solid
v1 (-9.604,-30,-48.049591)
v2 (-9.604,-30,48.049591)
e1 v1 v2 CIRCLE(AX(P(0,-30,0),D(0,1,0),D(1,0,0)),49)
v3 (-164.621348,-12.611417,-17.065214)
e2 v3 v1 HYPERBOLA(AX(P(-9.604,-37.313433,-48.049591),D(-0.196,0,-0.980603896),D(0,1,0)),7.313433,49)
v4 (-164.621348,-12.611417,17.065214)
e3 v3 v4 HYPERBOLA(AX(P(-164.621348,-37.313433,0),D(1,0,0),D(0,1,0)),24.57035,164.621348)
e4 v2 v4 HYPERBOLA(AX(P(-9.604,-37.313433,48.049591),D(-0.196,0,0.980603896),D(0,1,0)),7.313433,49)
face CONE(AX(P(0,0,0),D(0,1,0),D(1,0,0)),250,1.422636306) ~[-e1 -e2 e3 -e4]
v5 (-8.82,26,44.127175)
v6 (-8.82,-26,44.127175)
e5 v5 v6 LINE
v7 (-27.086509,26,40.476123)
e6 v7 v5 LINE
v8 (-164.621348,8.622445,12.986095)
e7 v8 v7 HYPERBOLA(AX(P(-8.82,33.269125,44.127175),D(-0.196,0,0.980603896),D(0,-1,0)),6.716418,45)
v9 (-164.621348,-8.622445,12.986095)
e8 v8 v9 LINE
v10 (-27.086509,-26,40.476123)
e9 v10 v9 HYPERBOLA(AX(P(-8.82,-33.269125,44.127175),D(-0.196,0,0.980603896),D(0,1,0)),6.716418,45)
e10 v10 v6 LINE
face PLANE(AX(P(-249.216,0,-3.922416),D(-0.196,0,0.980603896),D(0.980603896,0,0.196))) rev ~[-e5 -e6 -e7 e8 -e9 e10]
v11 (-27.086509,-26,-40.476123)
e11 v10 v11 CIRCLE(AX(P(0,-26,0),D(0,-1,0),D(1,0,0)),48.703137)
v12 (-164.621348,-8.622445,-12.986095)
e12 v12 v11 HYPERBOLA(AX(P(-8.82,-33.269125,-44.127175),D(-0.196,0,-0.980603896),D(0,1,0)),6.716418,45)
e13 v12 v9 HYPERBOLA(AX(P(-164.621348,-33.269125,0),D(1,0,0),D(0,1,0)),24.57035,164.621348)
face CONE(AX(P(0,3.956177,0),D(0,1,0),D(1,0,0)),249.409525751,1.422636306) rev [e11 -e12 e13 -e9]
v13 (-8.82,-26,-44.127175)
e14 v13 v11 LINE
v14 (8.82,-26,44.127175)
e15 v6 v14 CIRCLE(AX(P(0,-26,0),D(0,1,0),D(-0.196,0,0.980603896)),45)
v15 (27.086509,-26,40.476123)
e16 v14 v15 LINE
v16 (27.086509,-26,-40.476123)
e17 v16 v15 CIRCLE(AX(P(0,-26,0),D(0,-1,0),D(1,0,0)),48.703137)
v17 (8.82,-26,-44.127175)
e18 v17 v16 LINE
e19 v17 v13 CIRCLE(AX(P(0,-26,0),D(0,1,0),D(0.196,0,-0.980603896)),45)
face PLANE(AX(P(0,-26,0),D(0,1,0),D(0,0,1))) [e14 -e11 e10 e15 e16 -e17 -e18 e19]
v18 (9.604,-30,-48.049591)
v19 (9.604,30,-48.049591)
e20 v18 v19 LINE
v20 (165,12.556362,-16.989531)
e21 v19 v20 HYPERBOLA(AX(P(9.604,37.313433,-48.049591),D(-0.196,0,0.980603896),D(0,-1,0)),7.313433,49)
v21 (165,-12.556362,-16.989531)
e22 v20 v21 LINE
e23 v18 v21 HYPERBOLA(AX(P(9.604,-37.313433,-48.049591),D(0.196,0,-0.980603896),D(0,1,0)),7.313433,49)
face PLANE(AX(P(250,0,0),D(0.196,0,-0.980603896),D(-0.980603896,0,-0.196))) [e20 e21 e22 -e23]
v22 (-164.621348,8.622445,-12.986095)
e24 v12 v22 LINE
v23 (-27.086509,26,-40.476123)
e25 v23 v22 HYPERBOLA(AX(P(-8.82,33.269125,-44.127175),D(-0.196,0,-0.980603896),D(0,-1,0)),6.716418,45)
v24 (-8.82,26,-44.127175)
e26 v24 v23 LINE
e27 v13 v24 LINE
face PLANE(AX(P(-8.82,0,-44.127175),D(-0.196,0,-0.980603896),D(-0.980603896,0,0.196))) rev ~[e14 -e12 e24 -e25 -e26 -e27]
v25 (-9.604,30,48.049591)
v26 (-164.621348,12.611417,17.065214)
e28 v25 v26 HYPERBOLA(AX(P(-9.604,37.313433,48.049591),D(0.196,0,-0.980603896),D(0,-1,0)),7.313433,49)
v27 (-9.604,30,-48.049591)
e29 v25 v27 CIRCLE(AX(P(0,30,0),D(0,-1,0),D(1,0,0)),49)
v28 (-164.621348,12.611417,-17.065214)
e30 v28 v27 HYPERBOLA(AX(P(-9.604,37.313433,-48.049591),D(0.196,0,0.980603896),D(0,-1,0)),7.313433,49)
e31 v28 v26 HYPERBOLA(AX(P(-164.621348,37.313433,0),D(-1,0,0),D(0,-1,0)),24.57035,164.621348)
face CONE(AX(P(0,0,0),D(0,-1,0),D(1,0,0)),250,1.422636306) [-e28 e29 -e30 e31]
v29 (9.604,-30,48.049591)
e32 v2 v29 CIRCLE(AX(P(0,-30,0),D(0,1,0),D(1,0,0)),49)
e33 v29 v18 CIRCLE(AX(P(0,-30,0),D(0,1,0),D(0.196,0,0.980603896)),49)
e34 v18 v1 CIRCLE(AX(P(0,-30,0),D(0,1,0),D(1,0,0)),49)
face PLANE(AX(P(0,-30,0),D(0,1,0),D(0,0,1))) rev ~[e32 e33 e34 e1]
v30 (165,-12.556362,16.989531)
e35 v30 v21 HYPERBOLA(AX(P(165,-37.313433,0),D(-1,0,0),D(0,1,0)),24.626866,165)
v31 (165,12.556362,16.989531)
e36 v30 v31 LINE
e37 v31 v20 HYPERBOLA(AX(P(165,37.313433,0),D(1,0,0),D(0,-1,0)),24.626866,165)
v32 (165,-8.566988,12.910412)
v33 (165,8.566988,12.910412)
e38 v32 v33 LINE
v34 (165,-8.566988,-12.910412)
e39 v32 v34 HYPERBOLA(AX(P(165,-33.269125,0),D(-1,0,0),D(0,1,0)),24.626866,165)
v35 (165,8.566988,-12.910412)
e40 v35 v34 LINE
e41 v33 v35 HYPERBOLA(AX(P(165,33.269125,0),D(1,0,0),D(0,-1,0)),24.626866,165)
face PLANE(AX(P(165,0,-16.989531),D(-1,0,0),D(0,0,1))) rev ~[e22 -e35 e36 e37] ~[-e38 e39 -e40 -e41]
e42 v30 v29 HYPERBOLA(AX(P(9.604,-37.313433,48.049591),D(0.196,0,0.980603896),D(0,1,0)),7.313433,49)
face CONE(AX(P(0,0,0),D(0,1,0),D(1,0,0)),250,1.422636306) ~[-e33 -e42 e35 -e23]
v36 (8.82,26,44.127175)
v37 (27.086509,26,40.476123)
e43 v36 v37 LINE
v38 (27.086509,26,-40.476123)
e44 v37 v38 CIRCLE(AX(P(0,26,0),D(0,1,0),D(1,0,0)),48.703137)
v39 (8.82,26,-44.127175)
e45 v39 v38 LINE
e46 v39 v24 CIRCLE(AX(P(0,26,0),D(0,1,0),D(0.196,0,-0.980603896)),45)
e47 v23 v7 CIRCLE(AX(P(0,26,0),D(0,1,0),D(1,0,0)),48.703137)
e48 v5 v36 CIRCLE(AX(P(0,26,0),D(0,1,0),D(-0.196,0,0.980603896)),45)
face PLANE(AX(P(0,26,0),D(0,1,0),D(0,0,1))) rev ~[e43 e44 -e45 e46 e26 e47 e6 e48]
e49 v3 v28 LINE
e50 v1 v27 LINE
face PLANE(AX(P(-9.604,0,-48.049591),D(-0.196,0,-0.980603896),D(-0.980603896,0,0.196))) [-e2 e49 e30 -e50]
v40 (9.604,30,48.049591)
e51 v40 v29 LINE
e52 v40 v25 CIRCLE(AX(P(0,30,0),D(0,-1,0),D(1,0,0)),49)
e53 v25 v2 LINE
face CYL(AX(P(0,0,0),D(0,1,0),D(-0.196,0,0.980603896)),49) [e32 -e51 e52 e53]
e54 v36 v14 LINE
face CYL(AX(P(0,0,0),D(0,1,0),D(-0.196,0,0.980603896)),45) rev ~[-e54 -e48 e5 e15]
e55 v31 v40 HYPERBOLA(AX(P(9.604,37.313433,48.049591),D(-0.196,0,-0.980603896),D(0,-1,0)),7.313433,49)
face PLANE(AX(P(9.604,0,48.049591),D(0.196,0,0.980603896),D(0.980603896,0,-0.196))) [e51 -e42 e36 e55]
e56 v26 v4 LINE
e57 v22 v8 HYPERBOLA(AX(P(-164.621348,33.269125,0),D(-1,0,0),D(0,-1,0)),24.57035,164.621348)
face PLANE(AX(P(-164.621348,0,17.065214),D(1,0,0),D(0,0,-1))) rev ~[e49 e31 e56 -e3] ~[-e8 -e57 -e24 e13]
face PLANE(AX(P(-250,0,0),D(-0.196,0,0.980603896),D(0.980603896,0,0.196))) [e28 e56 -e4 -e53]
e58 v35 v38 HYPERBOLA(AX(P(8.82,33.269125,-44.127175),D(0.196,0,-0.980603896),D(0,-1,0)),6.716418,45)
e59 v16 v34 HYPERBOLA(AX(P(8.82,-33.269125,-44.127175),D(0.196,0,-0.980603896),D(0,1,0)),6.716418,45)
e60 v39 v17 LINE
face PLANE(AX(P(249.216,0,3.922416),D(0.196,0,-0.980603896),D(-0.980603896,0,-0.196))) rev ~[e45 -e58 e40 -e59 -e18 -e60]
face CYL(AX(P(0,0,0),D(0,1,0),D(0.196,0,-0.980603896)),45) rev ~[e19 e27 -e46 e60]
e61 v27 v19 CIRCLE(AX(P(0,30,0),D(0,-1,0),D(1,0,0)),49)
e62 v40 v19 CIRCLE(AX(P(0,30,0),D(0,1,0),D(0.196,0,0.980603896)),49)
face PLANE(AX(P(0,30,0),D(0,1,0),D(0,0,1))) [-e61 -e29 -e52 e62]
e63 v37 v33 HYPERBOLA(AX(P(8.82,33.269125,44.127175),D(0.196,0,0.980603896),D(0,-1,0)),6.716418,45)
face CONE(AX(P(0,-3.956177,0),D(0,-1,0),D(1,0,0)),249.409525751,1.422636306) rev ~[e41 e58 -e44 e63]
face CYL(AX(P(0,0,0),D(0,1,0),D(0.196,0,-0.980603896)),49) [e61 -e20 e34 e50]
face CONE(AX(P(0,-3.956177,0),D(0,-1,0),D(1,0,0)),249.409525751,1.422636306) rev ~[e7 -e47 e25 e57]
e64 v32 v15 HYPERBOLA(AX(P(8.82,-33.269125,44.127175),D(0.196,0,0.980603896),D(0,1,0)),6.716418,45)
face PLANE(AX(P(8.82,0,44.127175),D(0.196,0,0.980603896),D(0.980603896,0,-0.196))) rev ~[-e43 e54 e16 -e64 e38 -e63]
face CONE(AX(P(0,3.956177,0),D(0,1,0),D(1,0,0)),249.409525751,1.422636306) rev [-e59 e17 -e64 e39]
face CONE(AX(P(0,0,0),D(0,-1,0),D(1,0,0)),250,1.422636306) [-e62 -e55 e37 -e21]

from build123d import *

# Parameters (mm, degrees)
SKETCH_1_R               = 49
EXTRUDE_1_DEPTH          = 30
SKETCH_16_R              = 250
SKETCH_16_5_R            = 250
SKETCH_14_OUTSIDE_W      = 643.93
SKETCH_14_OUTSIDE_H      = 643.93
CUT_EXTRUDE_1_DEPTH      = 355.823900134
CUT_EXTRUDE_1_DEPTH_BACK = 355.823900134
SHELL_1_T                = 4
SKETCH_15_OUTSIDE_W      = 604.606
SKETCH_15_OUTSIDE_H      = 202.606
CUT_EXTRUDE_2_DEPTH      = 257.517055963
CUT_EXTRUDE_2_DEPTH_BACK = 257.517055963


with BuildPart() as part:
    # 草图1 → 凸台-拉伸1 (new, symmetric)
    with BuildSketch(Plane(origin=(0, 0, 0), x_dir=(1, 0, 0), z_dir=(0, 1, 0))):
        with Locations(Location((0, 0, 0), (0, 0, 270))):
            Circle(SKETCH_1_R)
    extrude(amount=EXTRUDE_1_DEPTH, both=True)

    # 草图16 → section 0 of loft_1
    with BuildSketch(Plane(origin=(0, 0, 0), x_dir=(1, 0, 0), z_dir=(0, 1, 0)), mode=Mode.PRIVATE) as loft_1_s0:
        Circle(SKETCH_16_R)
    # loft up to a face of the part (loft_1)
    loft([loft_1_s0.sketch, Face(Wire([part.edges().sort_by_distance((35.719462744, 30, -33.542808191))[0]]))])

    # 草图16<5> → section 0 of loft_3
    with BuildSketch(Plane(origin=(0, 0, 0), x_dir=(1, 0, 0), z_dir=(0, 1, 0)), mode=Mode.PRIVATE) as loft_3_s0:
        Circle(SKETCH_16_5_R)
    # loft up to a face of the part (loft_3)
    loft([loft_3_s0.sketch, Face(Wire([part.edges().sort_by_distance((-35.719462744, -30, -33.542808191))[0]]))])

    # 草图14 outside → 切除-拉伸1 (cut, two sides)
    with BuildSketch(Plane(origin=(0, 0, 0), x_dir=(1, 0, 0), z_dir=(0, 1, 0))) as cut_extrude_1_sk:
        Rectangle(SKETCH_14_OUTSIDE_W, SKETCH_14_OUTSIDE_H)
        with BuildLine():
            Line((-250, 0), (-9.604, -48.049590883))
            ThreePointArc((-9.604, -48.049590883), (0, -49), (9.604, -48.049590883))
            Line((9.604, -48.049590883), (250, 0))
            Line((250, 0), (9.604, 48.049590883))
            ThreePointArc((9.604, 48.049590883), (1.6e-08, 49), (-9.603999968, 48.049590889))
            Line((-9.603999968, 48.049590889), (-250, 0))
        make_face(mode=Mode.SUBTRACT)
    extrude(amount=CUT_EXTRUDE_1_DEPTH, mode=Mode.SUBTRACT)
    extrude(cut_extrude_1_sk.sketch, amount=-CUT_EXTRUDE_1_DEPTH_BACK, mode=Mode.SUBTRACT)

    # 抽壳1 (no face opened: a closed hollow body)
    add(offset(amount=-SHELL_1_T, mode=Mode.PRIVATE), mode=Mode.SUBTRACT)

    # 草图15 outside → 切除-拉伸2 (cut, two sides)
    with BuildSketch(Plane(origin=(0, 0, 0), x_dir=(1, 0, 0), z_dir=(0, 1, 0))) as cut_extrude_2_sk:
        Rectangle(SKETCH_15_OUTSIDE_W, SKETCH_15_OUTSIDE_H)
        with BuildLine():
            Line((-9.60400022, -48.049590839), (-164.621347882, -17.065214498))
            Line((-164.621347882, -17.065214498), (-164.621347882, 17.065214498))
            Line((-164.621347882, 17.065214498), (-9.604, 48.049590883))
            ThreePointArc((-9.604, 48.049590883), (0, 49), (9.604, 48.049590883))
            Line((9.604, 48.049590883), (165, 16.989530712))
            Line((165, 16.989530712), (165, -16.989530712))
            Line((165, -16.989530712), (9.604, -48.049590883))
            ThreePointArc((9.604, -48.049590883), (-1.12e-07, -49), (-9.60400022, -48.049590839))
        make_face(mode=Mode.SUBTRACT)
    extrude(amount=CUT_EXTRUDE_2_DEPTH, mode=Mode.SUBTRACT)
    extrude(cut_extrude_2_sk.sketch, amount=-CUT_EXTRUDE_2_DEPTH_BACK, mode=Mode.SUBTRACT)


solid = part.part
